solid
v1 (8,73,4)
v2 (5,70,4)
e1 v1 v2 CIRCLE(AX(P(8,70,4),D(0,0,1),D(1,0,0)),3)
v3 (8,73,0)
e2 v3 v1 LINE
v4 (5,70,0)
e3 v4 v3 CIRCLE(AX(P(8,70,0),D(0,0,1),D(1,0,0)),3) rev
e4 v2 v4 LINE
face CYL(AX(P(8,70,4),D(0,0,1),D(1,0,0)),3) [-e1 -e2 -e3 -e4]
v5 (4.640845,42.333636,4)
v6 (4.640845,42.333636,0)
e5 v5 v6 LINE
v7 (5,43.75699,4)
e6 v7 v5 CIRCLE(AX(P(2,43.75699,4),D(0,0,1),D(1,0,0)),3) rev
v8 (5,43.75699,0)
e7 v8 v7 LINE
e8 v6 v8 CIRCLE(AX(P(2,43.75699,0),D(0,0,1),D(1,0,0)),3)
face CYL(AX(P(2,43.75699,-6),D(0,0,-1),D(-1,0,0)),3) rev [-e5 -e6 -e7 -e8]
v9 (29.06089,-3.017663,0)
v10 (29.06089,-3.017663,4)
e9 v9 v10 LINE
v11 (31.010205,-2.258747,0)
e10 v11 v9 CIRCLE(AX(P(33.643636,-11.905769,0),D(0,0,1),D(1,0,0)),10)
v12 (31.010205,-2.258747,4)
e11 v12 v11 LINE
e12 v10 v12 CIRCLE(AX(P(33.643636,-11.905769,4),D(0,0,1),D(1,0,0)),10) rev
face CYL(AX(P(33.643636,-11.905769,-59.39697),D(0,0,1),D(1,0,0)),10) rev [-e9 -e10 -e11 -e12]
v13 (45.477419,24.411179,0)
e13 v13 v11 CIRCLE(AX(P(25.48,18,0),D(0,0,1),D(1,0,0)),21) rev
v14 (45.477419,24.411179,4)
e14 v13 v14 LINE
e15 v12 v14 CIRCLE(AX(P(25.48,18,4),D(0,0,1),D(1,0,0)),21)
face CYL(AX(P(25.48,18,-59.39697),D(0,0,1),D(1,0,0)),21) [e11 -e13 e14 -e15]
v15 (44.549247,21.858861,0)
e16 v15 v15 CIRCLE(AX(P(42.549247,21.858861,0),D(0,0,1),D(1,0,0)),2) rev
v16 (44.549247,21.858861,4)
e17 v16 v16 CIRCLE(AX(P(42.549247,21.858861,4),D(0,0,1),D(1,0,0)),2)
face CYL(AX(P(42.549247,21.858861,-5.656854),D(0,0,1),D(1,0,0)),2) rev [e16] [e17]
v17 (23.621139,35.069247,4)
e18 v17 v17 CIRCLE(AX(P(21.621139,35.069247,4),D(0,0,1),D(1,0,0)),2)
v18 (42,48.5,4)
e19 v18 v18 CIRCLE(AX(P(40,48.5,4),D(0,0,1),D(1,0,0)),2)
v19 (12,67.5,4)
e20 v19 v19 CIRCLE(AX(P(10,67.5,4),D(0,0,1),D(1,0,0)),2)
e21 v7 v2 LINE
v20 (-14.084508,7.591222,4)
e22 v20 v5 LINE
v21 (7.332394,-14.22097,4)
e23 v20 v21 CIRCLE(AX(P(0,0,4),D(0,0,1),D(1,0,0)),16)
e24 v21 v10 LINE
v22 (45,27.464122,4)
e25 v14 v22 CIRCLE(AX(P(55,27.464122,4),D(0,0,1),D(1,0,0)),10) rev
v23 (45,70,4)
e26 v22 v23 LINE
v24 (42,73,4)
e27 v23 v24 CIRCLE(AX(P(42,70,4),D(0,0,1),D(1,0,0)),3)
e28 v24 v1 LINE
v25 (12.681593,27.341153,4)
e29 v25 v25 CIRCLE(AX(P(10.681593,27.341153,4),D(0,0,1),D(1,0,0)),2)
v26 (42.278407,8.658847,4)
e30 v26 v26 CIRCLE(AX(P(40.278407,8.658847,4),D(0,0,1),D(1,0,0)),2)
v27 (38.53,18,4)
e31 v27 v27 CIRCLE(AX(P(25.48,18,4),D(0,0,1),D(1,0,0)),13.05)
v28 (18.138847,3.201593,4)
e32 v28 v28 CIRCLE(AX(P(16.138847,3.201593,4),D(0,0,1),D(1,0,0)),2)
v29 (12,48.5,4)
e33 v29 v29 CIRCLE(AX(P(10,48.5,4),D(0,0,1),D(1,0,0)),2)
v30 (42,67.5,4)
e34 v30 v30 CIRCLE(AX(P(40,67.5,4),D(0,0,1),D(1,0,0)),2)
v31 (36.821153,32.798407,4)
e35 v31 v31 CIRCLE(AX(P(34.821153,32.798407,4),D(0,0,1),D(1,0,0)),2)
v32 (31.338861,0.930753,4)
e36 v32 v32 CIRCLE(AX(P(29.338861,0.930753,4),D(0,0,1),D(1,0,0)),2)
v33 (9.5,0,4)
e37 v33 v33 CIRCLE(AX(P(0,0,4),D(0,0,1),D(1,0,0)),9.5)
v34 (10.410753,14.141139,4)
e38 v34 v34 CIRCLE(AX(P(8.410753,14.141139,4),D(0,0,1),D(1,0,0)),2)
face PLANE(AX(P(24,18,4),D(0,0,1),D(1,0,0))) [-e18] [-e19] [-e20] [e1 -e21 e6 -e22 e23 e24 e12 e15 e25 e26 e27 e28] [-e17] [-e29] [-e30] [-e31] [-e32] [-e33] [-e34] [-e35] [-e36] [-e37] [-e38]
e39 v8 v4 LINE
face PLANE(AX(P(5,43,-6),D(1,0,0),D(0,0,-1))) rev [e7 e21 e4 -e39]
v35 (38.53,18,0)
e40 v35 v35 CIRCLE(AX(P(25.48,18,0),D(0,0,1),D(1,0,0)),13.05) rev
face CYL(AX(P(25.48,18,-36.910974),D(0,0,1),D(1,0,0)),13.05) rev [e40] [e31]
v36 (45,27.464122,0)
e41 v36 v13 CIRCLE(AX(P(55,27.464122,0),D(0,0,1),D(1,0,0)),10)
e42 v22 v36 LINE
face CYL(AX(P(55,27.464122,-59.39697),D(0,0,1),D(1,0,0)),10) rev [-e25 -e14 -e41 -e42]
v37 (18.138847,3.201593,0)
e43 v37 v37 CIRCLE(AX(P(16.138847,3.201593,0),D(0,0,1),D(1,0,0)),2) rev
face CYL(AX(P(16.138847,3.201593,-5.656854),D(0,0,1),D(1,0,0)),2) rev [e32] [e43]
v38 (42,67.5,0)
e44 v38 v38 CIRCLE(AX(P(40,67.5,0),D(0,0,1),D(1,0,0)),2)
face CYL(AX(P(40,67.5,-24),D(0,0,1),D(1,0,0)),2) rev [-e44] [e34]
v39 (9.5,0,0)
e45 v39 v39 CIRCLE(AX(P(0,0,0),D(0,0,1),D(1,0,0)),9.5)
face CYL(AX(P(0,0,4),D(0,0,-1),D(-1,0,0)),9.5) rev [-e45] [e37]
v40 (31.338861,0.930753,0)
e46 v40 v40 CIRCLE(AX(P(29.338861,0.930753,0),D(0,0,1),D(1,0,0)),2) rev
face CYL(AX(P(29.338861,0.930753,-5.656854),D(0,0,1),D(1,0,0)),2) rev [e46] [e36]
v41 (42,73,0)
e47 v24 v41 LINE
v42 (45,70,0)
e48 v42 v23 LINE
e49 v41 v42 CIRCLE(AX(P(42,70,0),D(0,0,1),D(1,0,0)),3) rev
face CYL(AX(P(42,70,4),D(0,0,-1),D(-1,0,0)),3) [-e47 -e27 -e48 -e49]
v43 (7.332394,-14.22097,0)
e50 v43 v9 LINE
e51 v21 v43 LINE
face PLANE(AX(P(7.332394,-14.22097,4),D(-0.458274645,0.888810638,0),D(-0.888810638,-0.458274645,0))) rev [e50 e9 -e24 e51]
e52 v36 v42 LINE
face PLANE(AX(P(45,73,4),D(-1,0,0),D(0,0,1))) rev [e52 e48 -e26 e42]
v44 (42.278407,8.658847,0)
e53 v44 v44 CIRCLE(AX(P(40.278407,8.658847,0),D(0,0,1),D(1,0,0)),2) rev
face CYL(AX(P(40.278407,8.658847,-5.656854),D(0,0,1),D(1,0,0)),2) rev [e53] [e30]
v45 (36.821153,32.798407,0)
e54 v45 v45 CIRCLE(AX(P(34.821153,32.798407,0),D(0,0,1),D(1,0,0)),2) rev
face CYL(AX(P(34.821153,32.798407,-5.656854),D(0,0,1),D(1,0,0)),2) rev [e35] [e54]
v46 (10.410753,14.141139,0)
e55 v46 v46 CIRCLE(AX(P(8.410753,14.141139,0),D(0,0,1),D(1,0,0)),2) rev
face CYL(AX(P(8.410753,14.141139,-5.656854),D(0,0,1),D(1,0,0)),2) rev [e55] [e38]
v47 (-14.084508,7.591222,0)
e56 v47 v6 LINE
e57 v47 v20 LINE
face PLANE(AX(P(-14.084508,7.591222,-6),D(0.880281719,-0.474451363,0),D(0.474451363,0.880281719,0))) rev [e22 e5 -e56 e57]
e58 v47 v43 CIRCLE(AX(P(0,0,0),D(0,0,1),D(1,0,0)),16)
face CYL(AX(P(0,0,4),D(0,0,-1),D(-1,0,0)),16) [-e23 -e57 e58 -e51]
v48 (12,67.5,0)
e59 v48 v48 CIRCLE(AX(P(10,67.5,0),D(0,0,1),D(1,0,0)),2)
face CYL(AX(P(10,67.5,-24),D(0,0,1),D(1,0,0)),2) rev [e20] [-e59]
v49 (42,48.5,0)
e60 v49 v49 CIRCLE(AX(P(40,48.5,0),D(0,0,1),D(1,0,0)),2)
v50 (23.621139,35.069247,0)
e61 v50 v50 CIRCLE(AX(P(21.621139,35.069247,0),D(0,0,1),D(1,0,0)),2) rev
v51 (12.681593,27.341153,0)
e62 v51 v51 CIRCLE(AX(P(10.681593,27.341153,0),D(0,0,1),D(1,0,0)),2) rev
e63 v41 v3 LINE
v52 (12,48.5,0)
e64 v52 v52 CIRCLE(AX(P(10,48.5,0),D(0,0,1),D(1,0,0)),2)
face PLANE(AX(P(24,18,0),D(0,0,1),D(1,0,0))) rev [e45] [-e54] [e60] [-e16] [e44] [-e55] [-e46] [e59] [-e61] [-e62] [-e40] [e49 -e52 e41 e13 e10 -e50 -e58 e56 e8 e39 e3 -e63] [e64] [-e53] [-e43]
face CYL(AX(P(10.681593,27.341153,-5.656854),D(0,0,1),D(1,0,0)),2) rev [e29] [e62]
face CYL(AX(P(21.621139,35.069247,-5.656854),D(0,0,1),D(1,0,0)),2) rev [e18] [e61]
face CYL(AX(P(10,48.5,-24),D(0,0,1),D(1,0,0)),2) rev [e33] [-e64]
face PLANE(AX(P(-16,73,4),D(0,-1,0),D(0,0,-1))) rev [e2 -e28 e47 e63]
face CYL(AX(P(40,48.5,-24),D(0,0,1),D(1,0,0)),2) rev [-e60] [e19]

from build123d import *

# Parameters (mm, degrees)
SKETCH_1_R          = 13.05
SKETCH_1_R_2        = 9.5
EXTRUDE_1_DEPTH     = 4
FILLET_1_R          = 3
CUT_EXTRUDE_START   = -10
CUT_EXTRUDE_1_DEPTH = 10
SKETCH_3_R          = 2
CUT_EXTRUDE_2_DEPTH = 10
FILLET_2_R          = 3
SKETCH_4_R          = 2
CUT_EXTRUDE_3_DEPTH = 28
SKETCH_6_R          = 20.45
EXTRUDE_2_DEPTH     = 4
SKETCH_7_R          = 21
EXTRUDE_3_DEPTH     = 4
SKETCH_8_R          = 13.05
CUT_EXTRUDE_4_DEPTH = 4
SKETCH_9_R          = 2
CUT_EXTRUDE_5_DEPTH = 4
FILLET_3_R          = 10


with BuildPart() as part:
    # 草图1 → 凸台-拉伸1 (new body)
    with BuildSketch(Plane.XY):
        with BuildLine():
            Line((-16, 73), (-16, 0))
            ThreePointArc((-16, 0), (-8.327115073, -13.662326103), (7.33239432, -14.220970204))
            Line((7.33239432, -14.220970204), (33.623767545, -0.665023393))
            ThreePointArc((33.623767545, -0.665023393), (41.931803011, 7.070661466), (45, 18))
            Line((45, 18), (45, 73))
            Line((45, 73), (-16, 73))
        make_face()
        with Locations((24, 18)):
            Circle(SKETCH_1_R, mode=Mode.SUBTRACT)
        Circle(SKETCH_1_R_2, mode=Mode.SUBTRACT)
    extrude(amount=EXTRUDE_1_DEPTH)

    # 圆角1
    fillet_1_edges = [part.edges().sort_by_distance(p)[0] for p in [
        (45, 73, 2),
        (-16, 73, 2),
    ]]
    fillet(fillet_1_edges, radius=FILLET_1_R)

    # 草图2 → 切除-拉伸1 (cut)
    with BuildSketch(Plane.XY.offset(4).offset(CUT_EXTRUDE_START)):
        with BuildLine():
            Line((-14.084507501, 7.591221802), (5, 43))
            Line((5, 43), (5, 73))
            Line((5, 73), (-16, 73))
            Line((-16, 73), (-16, 0))
            ThreePointArc((-16, 0), (-15.513737783, 3.914580436), (-14.084507501, 7.591221802))
        make_face()
    extrude(amount=CUT_EXTRUDE_1_DEPTH, mode=Mode.SUBTRACT)

    # 草图3 → 切除-拉伸2 (cut)
    with BuildSketch(Plane.XY.offset(4)):
        with Locations((8.941696856, 26.916137415)):
            Circle(SKETCH_3_R)
        with Locations((19.656832962, 34.952489495)):
            Circle(SKETCH_3_R)
        with Locations((32.916137415, 33.058303144)):
            Circle(SKETCH_3_R)
        with Locations((40.952489495, 22.343167038)):
            Circle(SKETCH_3_R)
        with Locations((39.058303144, 9.083862585)):
            Circle(SKETCH_3_R)
        with Locations((28.343167038, 1.047510505)):
            Circle(SKETCH_3_R)
        with Locations((15.083862585, 2.941696856)):
            Circle(SKETCH_3_R)
        with Locations((7.047510505, 13.656832962)):
            Circle(SKETCH_3_R)
    extrude(amount=-CUT_EXTRUDE_2_DEPTH, mode=Mode.SUBTRACT)

    # 圆角2
    fillet_2_edges = [part.edges().sort_by_distance(p)[0] for p in [
        (5, 43, 2),
        (5, 73, 2),
    ]]
    fillet(fillet_2_edges, radius=FILLET_2_R)

    # 草图4 → 切除-拉伸3 (cut)
    with BuildSketch(Plane.XY.offset(4)):
        with Locations((40, 67.5)):
            Circle(SKETCH_4_R)
        with Locations((10, 67.5)):
            Circle(SKETCH_4_R)
        with Locations((10, 48.5)):
            Circle(SKETCH_4_R)
        with Locations((40, 48.5)):
            Circle(SKETCH_4_R)
    extrude(amount=-CUT_EXTRUDE_3_DEPTH, mode=Mode.SUBTRACT)

    # 草图6 → 凸台-拉伸2 (add)
    with BuildSketch(Plane.XY.offset(4)):
        with Locations((24, 18)):
            Circle(SKETCH_6_R)
    extrude(amount=-EXTRUDE_2_DEPTH)

    # 草图7 → 凸台-拉伸3 (add)
    with BuildSketch(Plane.XY.offset(4)):
        with Locations((25.48, 18)):
            Circle(SKETCH_7_R)
    extrude(amount=-EXTRUDE_3_DEPTH)

    # 草图8 → 切除-拉伸4 (cut)
    with BuildSketch(Plane.XY.offset(4)):
        with Locations((25.48, 18)):
            Circle(SKETCH_8_R)
    extrude(amount=-CUT_EXTRUDE_4_DEPTH, mode=Mode.SUBTRACT)

    # 草图9 → 切除-拉伸5 (cut)
    with BuildSketch(Plane.XY.offset(4)):
        with Locations((10.681592776, 27.341153229)):
            Circle(SKETCH_9_R)
        with Locations((21.621138693, 35.069246891)):
            Circle(SKETCH_9_R)
        with Locations((34.821153229, 32.798407224)):
            Circle(SKETCH_9_R)
        with Locations((42.549246891, 21.858861307)):
            Circle(SKETCH_9_R)
        with Locations((40.278407224, 8.658846771)):
            Circle(SKETCH_9_R)
        with Locations((29.338861307, 0.930753109)):
            Circle(SKETCH_9_R)
        with Locations((16.138846771, 3.201592776)):
            Circle(SKETCH_9_R)
        with Locations((8.410753109, 14.141138693)):
            Circle(SKETCH_9_R)
    extrude(amount=-CUT_EXTRUDE_5_DEPTH, mode=Mode.SUBTRACT)

    # 圆角3
    fillet_3_edges = [part.edges().sort_by_distance(p)[0] for p in [
        (45, 25.744004132, 2),
        (30.087589458, -2.488292252, 2),
    ]]
    fillet(fillet_3_edges, radius=FILLET_3_R)


solid = part.part
